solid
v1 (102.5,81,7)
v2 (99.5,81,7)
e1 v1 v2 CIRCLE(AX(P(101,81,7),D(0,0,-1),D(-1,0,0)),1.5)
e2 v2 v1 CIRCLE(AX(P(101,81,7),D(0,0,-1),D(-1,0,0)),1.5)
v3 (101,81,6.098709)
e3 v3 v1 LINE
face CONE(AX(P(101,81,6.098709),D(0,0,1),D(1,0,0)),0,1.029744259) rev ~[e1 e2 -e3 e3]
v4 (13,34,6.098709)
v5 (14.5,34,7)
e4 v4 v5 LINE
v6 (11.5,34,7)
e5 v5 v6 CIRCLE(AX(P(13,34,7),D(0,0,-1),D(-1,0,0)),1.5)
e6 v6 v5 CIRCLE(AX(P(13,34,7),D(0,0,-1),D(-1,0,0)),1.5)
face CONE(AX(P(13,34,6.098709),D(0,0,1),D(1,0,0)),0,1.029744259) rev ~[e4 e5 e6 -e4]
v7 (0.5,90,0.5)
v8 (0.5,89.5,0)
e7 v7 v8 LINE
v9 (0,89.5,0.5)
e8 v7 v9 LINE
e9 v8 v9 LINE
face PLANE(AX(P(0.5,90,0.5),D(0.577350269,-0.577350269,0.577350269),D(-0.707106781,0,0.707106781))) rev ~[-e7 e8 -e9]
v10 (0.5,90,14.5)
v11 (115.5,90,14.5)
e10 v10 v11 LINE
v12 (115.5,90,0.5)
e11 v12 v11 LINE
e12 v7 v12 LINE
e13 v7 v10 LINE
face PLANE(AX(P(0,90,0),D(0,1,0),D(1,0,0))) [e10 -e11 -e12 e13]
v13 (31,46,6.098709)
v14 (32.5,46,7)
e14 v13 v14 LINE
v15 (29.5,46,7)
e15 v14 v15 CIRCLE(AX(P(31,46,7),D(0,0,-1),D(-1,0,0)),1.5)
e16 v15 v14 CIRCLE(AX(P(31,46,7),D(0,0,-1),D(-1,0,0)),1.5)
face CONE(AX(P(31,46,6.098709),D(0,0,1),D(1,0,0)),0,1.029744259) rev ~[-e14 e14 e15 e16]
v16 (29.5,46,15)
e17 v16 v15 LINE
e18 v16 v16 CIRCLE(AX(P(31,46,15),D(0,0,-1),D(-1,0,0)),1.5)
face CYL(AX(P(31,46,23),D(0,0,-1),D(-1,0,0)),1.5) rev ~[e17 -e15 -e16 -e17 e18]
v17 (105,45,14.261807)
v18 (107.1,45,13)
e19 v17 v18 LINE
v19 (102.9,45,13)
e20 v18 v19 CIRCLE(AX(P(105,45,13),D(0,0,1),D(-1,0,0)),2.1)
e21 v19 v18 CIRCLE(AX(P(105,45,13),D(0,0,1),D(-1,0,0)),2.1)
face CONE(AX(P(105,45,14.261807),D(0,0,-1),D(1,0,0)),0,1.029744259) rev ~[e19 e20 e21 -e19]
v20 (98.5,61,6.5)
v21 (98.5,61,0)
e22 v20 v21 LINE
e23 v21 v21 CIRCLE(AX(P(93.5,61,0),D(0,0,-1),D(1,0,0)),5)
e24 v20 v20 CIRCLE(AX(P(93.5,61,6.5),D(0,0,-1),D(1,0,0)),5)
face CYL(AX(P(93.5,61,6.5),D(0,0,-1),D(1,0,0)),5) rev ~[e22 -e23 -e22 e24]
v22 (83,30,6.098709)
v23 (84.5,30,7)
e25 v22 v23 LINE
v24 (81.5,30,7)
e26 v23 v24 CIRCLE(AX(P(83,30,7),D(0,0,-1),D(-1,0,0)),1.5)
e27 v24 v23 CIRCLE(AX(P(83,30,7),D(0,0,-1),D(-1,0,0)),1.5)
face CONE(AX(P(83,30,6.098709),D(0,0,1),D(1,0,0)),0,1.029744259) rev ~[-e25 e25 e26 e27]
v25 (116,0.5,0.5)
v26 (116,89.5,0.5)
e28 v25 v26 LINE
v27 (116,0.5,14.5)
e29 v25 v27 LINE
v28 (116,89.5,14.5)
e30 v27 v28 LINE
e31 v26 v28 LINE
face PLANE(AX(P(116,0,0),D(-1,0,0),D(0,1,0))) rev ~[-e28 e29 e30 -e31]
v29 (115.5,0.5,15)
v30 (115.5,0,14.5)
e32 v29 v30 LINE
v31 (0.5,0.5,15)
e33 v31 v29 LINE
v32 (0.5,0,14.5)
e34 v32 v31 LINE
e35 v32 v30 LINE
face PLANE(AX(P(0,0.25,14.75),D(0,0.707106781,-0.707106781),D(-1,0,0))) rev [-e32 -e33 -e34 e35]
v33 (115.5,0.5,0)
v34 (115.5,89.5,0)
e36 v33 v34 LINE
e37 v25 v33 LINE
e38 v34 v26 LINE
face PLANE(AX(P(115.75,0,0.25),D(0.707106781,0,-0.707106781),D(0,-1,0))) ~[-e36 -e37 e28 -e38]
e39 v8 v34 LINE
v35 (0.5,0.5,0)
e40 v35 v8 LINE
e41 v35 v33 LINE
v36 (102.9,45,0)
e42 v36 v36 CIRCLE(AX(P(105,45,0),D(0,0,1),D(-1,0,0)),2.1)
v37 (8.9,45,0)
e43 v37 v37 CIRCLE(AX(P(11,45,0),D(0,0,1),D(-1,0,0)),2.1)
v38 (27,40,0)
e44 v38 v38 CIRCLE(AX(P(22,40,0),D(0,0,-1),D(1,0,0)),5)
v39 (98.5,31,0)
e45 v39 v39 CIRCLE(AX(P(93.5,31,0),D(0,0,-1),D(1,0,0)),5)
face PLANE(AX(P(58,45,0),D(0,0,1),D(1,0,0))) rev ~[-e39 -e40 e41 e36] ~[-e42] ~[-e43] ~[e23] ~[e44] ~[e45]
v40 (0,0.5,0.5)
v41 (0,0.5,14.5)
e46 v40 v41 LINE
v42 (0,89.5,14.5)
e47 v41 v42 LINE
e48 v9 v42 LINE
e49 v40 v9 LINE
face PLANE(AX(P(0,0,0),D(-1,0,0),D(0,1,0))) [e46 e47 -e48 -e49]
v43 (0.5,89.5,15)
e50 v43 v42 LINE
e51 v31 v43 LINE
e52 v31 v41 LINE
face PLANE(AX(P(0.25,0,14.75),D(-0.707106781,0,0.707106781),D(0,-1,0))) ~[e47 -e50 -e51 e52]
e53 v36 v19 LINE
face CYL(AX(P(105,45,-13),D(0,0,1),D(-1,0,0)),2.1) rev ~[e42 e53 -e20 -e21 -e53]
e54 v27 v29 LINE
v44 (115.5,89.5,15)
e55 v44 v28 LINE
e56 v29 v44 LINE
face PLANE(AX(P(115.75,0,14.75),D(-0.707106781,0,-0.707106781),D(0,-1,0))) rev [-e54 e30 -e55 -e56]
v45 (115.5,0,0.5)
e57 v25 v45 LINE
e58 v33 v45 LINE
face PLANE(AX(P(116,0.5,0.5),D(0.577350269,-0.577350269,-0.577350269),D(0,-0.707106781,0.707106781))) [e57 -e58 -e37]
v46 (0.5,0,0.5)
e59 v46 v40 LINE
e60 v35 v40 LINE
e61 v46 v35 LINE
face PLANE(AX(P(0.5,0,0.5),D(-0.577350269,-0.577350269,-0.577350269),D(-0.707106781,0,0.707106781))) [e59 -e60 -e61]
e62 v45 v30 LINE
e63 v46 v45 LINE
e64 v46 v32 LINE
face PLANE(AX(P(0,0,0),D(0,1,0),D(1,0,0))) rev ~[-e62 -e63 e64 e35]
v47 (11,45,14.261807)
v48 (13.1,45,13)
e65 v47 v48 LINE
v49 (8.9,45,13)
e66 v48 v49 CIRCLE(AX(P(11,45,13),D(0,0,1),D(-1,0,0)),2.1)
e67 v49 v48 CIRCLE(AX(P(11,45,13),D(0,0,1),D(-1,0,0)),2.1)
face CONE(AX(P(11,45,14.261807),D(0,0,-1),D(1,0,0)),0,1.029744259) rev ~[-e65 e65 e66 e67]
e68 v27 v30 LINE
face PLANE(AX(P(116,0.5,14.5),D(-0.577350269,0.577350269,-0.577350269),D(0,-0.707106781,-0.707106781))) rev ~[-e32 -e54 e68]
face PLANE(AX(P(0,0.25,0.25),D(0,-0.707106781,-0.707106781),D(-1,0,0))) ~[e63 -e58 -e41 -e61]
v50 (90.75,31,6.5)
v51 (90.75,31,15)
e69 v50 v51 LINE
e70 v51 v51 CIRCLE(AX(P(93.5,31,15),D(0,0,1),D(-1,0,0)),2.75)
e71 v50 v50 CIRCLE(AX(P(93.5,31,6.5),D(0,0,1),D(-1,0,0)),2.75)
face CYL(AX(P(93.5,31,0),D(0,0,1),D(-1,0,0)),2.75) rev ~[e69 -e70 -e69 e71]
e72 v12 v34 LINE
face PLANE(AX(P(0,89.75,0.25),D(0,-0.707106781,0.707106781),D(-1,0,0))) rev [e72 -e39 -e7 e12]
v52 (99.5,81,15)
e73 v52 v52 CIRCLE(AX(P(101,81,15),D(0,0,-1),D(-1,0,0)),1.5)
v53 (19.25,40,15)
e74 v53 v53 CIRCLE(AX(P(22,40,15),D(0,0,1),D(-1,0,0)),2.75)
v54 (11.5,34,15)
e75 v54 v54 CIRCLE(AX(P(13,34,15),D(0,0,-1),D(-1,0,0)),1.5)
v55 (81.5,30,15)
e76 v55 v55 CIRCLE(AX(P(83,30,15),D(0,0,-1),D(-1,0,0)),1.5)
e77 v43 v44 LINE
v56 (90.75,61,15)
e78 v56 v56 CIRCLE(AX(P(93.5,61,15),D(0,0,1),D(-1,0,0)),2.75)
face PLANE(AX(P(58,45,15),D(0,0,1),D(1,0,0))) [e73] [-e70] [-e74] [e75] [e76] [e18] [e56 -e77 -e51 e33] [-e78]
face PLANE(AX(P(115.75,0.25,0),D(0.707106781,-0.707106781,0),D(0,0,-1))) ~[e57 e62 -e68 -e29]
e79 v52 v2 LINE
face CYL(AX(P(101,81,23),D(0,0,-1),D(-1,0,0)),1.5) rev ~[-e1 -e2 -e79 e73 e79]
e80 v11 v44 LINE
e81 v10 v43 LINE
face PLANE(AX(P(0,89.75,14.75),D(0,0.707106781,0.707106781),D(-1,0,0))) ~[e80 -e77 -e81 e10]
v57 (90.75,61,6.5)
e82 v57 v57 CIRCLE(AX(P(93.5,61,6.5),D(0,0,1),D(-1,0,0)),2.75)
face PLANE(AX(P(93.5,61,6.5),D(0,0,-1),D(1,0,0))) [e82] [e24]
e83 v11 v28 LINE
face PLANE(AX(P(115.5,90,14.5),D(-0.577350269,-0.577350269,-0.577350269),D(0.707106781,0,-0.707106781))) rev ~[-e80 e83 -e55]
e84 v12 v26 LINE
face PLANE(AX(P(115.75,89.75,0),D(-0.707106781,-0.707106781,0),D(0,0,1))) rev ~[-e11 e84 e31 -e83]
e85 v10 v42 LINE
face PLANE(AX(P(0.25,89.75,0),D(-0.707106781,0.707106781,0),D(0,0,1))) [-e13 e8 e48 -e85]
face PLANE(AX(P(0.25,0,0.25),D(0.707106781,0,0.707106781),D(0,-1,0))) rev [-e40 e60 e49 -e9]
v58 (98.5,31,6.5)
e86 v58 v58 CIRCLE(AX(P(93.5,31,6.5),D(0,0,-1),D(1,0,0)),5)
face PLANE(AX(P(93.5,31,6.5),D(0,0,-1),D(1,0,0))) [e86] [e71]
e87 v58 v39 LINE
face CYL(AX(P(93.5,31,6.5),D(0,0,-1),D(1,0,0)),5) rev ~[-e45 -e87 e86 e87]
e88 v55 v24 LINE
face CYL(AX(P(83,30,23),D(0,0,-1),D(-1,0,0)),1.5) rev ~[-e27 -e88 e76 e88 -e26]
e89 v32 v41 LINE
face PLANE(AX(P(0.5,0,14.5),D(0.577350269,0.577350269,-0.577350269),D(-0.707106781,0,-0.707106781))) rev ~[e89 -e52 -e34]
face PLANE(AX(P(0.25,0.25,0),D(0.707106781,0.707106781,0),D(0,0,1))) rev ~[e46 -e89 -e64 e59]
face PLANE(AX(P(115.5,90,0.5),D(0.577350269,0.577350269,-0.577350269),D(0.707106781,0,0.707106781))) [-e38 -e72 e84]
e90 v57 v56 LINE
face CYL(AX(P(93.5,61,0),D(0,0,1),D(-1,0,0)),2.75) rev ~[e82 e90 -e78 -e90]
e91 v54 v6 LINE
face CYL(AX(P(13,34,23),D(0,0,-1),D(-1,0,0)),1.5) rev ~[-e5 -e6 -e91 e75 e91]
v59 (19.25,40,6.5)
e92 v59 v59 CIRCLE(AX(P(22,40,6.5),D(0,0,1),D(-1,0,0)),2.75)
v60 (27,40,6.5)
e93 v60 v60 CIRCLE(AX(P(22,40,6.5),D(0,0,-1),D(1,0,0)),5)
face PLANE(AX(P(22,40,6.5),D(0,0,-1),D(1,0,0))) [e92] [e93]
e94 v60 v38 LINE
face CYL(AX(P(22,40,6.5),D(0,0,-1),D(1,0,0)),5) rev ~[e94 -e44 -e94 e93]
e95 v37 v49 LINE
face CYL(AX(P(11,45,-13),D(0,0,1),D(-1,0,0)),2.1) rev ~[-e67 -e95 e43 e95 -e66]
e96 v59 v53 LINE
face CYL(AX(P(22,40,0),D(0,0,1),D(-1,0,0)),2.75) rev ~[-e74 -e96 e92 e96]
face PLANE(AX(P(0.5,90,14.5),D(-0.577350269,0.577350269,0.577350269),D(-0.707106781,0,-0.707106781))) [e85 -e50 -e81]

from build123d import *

# Parameters (mm, degrees)
F0_W           = 116
F0_H           = 90
F1_DEPTH       = 15
F2_SIZE        = 0.5
F5_D           = 3
F5_DEPTH       = 8
F5_TIP         = 0.9012909285
F6_D           = 4.2
F6_DEPTH       = 13
F6_TIP         = 1.2618073
F7_D           = 5.5
F7_CBORE_D     = 10
F7_CBORE_DEPTH = 6.5


with BuildPart() as f1:
    # F0 (on Top) → F1 (new body)
    with BuildSketch(Plane.XY):
        with Locations((58, 45)):
            Rectangle(F0_W, F0_H)
    extrude(amount=F1_DEPTH)

    # F2
    f2_edges = [f1.edges().sort_by_distance(p)[0] for p in [
        (0, 45, 15),
        (58, 0, 15),
        (116, 45, 15),
        (58, 90, 15),
        (0, 45, 0),
        (58, 0, 0),
        (116, 45, 0),
        (58, 90, 0),
        (0, 0, 7.5),
        (116, 0, 7.5),
        (116, 90, 7.5),
        (0, 90, 7.5),
    ]]
    chamfer(f2_edges, length=F2_SIZE)

    # F5
    with Locations(Plane.XY.offset(15)):
        with Locations((101, 81), (31, 46), (13, 34), (83, 30)):
            Hole(F5_D / 2, depth=F5_DEPTH)
            with Locations((0, 0, -(F5_DEPTH + F5_TIP / 2))):  # 118° drill point
                Cone(0, F5_D / 2, F5_TIP, mode=Mode.SUBTRACT)

    # F6
    with Locations(Plane(origin=(0, 0, 0), x_dir=(1, 0, 0), z_dir=(0, 0, -1))):
        with Locations((105, -45), (11, -45)):
            Hole(F6_D / 2, depth=F6_DEPTH)
            with Locations((0, 0, -(F6_DEPTH + F6_TIP / 2))):  # 118° drill point
                Cone(0, F6_D / 2, F6_TIP, mode=Mode.SUBTRACT)

    # F7 (through all)
    with Locations(Plane(origin=(0, 0, 0), x_dir=(1, 0, 0), z_dir=(0, 0, -1))):
        with Locations((93.5, -61), (93.5, -31), (22, -40)):
            CounterBoreHole(F7_D / 2, F7_CBORE_D / 2, F7_CBORE_DEPTH)


solid = f1.part
